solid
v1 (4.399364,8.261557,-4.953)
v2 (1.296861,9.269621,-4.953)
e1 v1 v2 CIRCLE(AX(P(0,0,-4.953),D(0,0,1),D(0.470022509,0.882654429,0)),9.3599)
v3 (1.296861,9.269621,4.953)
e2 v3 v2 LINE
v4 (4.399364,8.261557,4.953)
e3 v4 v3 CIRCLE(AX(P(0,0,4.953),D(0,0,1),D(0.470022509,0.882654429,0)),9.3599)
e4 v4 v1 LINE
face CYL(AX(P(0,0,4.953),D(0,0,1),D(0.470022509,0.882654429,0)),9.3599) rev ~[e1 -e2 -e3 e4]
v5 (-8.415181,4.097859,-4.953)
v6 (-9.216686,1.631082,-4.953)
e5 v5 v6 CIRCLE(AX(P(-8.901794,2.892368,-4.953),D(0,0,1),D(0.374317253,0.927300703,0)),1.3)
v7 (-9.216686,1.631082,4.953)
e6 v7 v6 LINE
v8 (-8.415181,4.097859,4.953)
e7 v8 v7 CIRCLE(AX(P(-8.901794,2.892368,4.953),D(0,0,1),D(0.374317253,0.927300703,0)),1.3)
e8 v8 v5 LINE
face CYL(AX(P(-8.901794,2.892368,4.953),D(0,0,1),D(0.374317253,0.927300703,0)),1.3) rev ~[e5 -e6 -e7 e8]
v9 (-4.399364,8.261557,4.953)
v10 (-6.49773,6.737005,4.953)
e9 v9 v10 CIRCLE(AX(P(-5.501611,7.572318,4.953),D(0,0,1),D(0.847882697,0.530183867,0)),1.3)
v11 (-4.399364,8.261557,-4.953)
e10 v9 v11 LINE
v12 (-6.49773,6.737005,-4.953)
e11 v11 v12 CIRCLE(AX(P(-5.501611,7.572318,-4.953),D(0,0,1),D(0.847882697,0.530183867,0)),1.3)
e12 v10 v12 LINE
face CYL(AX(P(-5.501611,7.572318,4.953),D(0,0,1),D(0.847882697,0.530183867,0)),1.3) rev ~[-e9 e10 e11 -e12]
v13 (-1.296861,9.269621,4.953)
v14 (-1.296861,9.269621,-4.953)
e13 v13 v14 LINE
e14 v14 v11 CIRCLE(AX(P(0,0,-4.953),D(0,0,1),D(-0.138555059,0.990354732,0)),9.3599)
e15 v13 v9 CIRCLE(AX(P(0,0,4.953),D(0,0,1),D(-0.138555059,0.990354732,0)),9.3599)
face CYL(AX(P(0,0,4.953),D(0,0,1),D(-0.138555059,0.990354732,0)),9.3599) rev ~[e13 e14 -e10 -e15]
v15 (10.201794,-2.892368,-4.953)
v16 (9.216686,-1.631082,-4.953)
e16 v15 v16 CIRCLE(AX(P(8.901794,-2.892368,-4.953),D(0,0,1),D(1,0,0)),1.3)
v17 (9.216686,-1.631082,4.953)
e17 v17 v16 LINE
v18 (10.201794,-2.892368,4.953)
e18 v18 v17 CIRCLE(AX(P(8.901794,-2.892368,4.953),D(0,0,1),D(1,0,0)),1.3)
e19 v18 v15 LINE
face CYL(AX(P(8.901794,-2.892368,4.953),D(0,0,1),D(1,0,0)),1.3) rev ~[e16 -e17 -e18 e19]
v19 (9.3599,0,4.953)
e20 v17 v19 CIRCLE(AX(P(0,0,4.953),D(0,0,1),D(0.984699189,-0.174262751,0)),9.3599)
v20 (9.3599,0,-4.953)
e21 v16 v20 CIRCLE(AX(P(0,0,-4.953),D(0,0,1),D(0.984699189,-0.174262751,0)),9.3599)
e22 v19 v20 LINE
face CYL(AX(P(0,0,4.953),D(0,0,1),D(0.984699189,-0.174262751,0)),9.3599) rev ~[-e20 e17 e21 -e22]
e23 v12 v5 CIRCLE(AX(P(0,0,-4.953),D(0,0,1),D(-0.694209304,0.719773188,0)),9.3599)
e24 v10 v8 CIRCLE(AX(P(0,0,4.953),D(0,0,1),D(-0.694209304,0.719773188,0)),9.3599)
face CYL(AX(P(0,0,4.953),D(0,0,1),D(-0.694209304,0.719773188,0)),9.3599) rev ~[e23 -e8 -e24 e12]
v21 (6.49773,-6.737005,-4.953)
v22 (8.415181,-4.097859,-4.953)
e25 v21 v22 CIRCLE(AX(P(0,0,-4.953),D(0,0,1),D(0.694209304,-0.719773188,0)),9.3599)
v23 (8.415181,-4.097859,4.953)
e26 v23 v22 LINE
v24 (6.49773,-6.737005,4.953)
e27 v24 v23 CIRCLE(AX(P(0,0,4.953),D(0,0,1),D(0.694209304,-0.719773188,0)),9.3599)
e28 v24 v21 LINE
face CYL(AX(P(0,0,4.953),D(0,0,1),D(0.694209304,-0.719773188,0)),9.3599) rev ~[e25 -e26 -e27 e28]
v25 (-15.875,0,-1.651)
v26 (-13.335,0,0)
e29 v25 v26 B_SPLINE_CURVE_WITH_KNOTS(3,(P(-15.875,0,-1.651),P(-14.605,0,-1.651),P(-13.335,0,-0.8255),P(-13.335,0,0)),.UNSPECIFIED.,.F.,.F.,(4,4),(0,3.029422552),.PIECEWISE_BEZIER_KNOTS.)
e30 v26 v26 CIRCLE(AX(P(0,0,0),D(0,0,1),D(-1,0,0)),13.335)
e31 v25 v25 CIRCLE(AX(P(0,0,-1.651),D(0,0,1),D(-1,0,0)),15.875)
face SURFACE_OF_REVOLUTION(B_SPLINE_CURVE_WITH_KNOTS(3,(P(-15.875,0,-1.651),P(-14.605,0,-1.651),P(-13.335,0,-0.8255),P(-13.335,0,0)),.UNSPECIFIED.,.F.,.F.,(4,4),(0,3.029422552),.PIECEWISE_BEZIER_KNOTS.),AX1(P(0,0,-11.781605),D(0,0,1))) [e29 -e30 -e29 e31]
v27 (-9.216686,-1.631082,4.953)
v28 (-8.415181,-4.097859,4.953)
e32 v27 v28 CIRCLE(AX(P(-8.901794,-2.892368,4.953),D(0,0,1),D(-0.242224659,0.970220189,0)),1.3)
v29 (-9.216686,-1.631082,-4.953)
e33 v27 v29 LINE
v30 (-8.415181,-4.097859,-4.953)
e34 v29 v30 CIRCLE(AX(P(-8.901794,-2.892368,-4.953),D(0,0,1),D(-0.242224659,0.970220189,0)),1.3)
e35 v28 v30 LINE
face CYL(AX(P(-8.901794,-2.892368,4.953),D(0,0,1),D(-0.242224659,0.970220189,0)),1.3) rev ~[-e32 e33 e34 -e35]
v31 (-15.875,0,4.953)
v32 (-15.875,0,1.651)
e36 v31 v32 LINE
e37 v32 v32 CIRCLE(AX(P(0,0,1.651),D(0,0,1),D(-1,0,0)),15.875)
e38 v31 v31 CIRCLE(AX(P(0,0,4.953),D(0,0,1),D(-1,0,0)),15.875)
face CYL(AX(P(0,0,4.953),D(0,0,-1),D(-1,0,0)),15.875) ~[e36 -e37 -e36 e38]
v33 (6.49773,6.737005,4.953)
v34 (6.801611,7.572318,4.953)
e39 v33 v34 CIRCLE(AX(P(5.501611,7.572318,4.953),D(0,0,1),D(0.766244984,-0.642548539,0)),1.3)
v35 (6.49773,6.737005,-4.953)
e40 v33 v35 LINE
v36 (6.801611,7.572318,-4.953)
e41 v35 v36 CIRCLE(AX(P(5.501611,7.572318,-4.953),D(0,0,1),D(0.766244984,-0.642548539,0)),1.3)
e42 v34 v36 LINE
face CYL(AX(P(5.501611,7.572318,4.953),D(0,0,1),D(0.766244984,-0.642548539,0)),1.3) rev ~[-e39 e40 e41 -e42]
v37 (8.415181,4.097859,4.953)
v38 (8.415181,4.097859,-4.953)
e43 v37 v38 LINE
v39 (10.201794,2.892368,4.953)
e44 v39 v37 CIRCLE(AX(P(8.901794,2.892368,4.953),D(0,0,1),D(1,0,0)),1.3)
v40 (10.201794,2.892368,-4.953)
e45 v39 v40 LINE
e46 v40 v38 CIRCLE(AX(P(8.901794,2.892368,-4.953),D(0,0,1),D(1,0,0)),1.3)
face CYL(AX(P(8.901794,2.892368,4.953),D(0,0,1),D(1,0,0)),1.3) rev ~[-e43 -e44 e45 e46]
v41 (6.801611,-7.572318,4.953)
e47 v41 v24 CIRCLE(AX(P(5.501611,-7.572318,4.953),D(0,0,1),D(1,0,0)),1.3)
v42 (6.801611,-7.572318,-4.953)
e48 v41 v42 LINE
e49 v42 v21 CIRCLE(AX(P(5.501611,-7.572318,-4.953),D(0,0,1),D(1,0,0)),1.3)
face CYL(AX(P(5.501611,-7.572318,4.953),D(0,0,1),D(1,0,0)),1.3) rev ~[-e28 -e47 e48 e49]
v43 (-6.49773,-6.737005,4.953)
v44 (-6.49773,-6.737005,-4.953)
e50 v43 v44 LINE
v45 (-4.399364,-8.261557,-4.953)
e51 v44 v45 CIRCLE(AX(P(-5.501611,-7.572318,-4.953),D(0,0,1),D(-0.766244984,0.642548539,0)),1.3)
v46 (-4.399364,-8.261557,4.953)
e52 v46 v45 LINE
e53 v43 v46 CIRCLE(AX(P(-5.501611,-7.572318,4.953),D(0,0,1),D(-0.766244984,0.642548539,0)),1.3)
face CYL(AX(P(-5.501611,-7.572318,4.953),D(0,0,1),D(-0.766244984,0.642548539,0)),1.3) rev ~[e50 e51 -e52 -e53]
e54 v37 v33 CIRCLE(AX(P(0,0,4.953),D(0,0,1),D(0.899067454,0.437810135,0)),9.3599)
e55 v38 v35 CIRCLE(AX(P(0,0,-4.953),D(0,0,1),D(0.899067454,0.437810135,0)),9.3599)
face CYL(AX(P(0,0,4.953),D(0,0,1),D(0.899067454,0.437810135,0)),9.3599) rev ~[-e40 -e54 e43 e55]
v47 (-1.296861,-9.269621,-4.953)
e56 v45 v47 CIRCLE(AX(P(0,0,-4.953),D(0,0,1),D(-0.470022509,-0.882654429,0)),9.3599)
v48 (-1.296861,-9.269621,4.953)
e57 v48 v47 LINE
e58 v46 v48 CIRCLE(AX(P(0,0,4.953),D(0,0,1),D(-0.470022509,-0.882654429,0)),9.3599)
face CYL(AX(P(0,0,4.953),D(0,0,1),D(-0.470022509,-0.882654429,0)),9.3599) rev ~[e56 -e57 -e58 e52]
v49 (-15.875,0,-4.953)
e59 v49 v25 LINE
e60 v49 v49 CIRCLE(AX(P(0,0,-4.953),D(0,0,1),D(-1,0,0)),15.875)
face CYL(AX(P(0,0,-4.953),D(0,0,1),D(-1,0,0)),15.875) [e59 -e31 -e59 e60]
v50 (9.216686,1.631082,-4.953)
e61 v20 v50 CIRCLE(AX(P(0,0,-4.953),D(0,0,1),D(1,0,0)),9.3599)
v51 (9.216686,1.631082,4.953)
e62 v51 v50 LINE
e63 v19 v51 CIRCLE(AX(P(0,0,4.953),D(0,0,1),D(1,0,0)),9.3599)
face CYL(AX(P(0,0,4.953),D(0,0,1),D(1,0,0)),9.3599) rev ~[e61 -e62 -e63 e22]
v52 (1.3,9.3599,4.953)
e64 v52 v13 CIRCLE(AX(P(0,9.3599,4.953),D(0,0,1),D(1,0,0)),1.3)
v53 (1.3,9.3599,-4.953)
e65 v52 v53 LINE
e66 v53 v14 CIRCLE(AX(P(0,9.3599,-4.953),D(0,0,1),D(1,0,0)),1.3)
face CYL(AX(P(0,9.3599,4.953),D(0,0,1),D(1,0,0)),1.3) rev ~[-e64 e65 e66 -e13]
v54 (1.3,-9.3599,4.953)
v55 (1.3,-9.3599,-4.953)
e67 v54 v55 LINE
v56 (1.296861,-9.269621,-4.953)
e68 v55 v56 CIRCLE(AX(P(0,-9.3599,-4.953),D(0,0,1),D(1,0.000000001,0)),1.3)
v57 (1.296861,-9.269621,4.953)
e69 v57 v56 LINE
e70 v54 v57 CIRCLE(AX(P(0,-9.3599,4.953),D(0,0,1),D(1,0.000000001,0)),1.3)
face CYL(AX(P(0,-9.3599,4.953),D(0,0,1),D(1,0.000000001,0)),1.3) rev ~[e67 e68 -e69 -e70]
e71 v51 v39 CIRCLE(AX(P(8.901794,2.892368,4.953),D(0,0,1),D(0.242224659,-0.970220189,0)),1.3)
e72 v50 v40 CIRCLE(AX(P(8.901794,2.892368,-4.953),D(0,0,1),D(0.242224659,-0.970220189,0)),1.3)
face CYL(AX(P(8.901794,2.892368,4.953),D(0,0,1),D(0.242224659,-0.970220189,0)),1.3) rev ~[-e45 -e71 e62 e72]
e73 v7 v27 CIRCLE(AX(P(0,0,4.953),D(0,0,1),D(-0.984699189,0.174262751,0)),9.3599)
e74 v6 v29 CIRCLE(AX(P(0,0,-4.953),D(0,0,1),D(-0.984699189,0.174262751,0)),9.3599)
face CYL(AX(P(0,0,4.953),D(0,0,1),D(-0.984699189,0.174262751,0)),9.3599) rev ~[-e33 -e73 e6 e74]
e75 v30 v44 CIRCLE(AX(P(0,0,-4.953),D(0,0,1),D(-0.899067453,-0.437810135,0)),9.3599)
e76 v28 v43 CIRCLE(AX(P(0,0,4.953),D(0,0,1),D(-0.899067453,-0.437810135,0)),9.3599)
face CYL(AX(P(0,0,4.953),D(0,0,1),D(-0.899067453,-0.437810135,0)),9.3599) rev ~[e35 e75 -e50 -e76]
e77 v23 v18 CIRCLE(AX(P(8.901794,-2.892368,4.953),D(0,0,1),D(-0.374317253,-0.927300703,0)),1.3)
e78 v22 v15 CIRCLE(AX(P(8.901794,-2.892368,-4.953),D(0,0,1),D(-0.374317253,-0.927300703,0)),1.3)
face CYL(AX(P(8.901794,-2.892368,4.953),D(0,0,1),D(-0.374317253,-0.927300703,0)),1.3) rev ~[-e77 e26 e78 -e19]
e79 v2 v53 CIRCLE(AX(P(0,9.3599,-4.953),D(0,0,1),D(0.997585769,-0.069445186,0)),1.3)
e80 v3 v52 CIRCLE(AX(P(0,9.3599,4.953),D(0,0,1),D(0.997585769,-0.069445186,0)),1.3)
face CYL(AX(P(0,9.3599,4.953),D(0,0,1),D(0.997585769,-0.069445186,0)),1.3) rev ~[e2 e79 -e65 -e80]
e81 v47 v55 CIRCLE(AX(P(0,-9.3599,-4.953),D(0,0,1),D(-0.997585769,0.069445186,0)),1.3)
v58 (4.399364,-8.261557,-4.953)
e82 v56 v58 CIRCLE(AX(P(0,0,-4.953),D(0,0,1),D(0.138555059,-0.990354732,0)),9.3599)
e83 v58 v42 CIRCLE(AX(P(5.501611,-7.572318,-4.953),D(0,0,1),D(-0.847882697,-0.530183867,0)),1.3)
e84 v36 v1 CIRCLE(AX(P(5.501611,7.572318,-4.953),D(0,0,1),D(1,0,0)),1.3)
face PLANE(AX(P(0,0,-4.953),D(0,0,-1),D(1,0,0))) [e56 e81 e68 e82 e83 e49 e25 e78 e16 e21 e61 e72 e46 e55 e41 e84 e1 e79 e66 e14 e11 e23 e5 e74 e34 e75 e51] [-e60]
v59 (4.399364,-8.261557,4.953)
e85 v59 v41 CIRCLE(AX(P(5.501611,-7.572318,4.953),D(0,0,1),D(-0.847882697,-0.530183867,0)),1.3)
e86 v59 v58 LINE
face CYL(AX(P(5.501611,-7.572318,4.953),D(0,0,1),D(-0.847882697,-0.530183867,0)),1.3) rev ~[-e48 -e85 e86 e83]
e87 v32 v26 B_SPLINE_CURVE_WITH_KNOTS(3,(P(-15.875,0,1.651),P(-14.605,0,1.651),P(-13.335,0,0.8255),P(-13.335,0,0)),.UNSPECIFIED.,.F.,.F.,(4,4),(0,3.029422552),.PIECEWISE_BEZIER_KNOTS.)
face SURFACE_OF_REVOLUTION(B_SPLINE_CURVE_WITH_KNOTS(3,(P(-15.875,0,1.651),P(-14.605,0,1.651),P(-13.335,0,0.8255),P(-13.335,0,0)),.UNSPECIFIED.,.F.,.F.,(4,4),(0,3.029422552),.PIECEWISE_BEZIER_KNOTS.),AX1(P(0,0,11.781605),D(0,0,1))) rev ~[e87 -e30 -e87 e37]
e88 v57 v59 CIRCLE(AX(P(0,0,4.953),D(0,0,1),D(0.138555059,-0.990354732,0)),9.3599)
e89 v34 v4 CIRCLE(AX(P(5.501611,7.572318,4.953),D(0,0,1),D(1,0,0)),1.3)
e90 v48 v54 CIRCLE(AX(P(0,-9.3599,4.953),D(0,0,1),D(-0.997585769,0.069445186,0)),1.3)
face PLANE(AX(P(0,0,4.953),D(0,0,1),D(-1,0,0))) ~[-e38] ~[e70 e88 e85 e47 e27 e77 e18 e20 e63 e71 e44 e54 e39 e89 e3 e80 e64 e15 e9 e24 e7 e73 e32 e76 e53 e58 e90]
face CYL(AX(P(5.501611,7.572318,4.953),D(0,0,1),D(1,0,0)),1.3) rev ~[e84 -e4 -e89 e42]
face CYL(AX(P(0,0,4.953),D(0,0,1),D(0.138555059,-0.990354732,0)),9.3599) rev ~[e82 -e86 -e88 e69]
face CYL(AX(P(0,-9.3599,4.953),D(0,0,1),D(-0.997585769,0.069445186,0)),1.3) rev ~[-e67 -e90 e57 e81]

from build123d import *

# Parameters (mm, degrees)
F4_DEPTH = 9.907


with BuildPart() as f1:
    # F0 (on Front) → F1 (revolve)
    with BuildSketch(Plane.XZ):
        Polygon((0, 0), (0, 4.953), (-15.875, 4.953), (-15.875, 1.651), (-13.335, 1.651), (-13.335, 0), align=None)
        with BuildLine():
            Line((-13.335, 1.651), (-15.875, 1.651))
            add(Edge.make_bspline(
                [(-15.875, 1.651), (-14.605, 1.651), (-13.335, 0.8255), (-13.335, 0)],
                knots=[0, 0, 0, 0, 3.0294225522, 3.0294225522, 3.0294225522, 3.0294225522], degree=3))
            Line((-13.335, 0), (-13.335, 1.651))
        make_face()
    revolve(axis=Axis((0, 0, 11.7816049606), (0, 0, 1)))

    # F2: F1 across plane


with BuildPart() as f1_1:
    add(f1.part)
    add(f1.part.mirror(Plane.XY))

    # F3 (on face) → F4 (cut, through all)
    with BuildSketch(Plane.XY.offset(4.953)):
        with BuildLine():
            ThreePointArc((9.2166859434, -1.6310819203), (9.3240277448, -0.8186785842), (9.3599, 0))
            ThreePointArc((9.3599, 0), (9.3240277448, 0.8186785842), (9.2166859434, 1.6310819203))
            ThreePointArc((9.2166859434, 1.6310819203), (7.6654204157, 2.490646073), (8.4151814581, 4.0978590798))
            ThreePointArc((8.4151814581, 4.0978590798), (7.5723181657, 5.5016111829), (6.497729662, 6.7370050653))
            ThreePointArc((6.497729662, 6.7370050653), (4.737490355, 6.520596073), (4.3993636772, 8.2615571925))
            ThreePointArc((4.3993636772, 8.2615571925), (2.8923681657, 8.9017938869), (1.2968614994, 9.2696212577))
            ThreePointArc((1.2968614994, 9.2696212577), (0, 8.0599), (-1.2968614994, 9.2696212577))
            ThreePointArc((-1.2968614994, 9.2696212577), (-2.8923681657, 8.9017938869), (-4.3993636772, 8.2615571925))
            ThreePointArc((-4.3993636772, 8.2615571925), (-4.2520269006, 7.9308416953), (-4.2016111829, 7.5723181657))
            ThreePointArc((-4.2016111829, 7.5723181657), (-5.0571755986, 6.350648402), (-6.497729662, 6.7370050653))
            ThreePointArc((-6.497729662, 6.7370050653), (-7.5723181656, 5.5016111829), (-8.4151814581, 4.0978590798))
            ThreePointArc((-8.4151814581, 4.0978590798), (-7.824158476, 3.6194870839), (-7.6017938869, 2.8923681657))
            ThreePointArc((-7.6017938869, 2.8923681657), (-8.1015938099, 1.8678293246), (-9.2166859434, 1.6310819203))
            ThreePointArc((-9.2166859434, 1.6310819203), (-9.3599, 0), (-9.2166859434, -1.6310819203))
            ThreePointArc((-9.2166859434, -1.6310819203), (-8.1015938099, -1.8678293246), (-7.6017938869, -2.8923681657))
            ThreePointArc((-7.6017938869, -2.8923681657), (-7.824158476, -3.6194870839), (-8.4151814581, -4.0978590798))
            ThreePointArc((-8.4151814581, -4.0978590798), (-7.5723181656, -5.5016111829), (-6.497729662, -6.7370050653))
            ThreePointArc((-6.497729662, -6.7370050653), (-5.0571755986, -6.350648402), (-4.2016111829, -7.5723181657))
            ThreePointArc((-4.2016111829, -7.5723181657), (-4.2520269006, -7.9308416953), (-4.3993636772, -8.2615571925))
            ThreePointArc((-4.3993636772, -8.2615571925), (-2.8923681657, -8.9017938869), (-1.2968614994, -9.2696212577))
            ThreePointArc((-1.2968614994, -9.2696212577), (0, -8.0599), (1.2968614994, -9.2696212577))
            ThreePointArc((1.2968614994, -9.2696212577), (2.8923681657, -8.9017938869), (4.3993636772, -8.2615571925))
            ThreePointArc((4.3993636772, -8.2615571925), (4.737490355, -6.520596073), (6.497729662, -6.7370050653))
            ThreePointArc((6.497729662, -6.7370050653), (7.5723181657, -5.5016111829), (8.4151814581, -4.0978590798))
            ThreePointArc((8.4151814581, -4.0978590798), (7.6654204157, -2.490646073), (9.2166859434, -1.6310819203))
        make_face()
        with BuildLine():
            ThreePointArc((8.4151814581, 4.0978590798), (7.6654204157, 2.490646073), (9.2166859434, 1.6310819203))
            ThreePointArc((9.2166859434, 1.6310819203), (8.9017938869, 2.8923681657), (8.4151814581, 4.0978590798))
        make_face()
        with BuildLine():
            ThreePointArc((8.4151814581, 4.0978590798), (8.9017938869, 2.8923681657), (9.2166859434, 1.6310819203))
            ThreePointArc((9.2166859434, 1.6310819203), (9.9263327279, 2.0921680886), (10.2017938869, 2.8923681657))
            ThreePointArc((10.2017938869, 2.8923681657), (9.6289128051, 3.9700035765), (8.4151814581, 4.0978590798))
        make_face()
        with BuildLine():
            ThreePointArc((10.2017938869, -2.8923681657), (9.9263327279, -2.0921680886), (9.2166859434, -1.6310819203))
            ThreePointArc((9.2166859434, -1.6310819203), (8.9017938869, -2.8923681657), (8.4151814581, -4.0978590798))
            ThreePointArc((8.4151814581, -4.0978590798), (9.6289128051, -3.9700035765), (10.2017938869, -2.8923681657))
        make_face()
        with BuildLine():
            ThreePointArc((8.4151814581, -4.0978590798), (8.9017938869, -2.8923681657), (9.2166859434, -1.6310819203))
            ThreePointArc((9.2166859434, -1.6310819203), (7.6654204157, -2.490646073), (8.4151814581, -4.0978590798))
        make_face()
        with BuildLine():
            ThreePointArc((4.3993636772, 8.2615571925), (4.737490355, 6.520596073), (6.497729662, 6.7370050653))
            ThreePointArc((6.497729662, 6.7370050653), (5.5016111829, 7.5723181657), (4.3993636772, 8.2615571925))
        make_face()
        with BuildLine():
            ThreePointArc((4.3993636772, 8.2615571925), (5.5016111829, 7.5723181657), (6.497729662, 6.7370050653))
            ThreePointArc((6.497729662, 6.7370050653), (6.7232809466, 7.1278825813), (6.8016111829, 7.5723181657))
            ThreePointArc((6.8016111829, 7.5723181657), (5.8601347126, 8.821902448), (4.3993636772, 8.2615571925))
        make_face()
        with BuildLine():
            ThreePointArc((6.8016111829, -7.5723181657), (6.7232809466, -7.1278825813), (6.497729662, -6.7370050653))
            ThreePointArc((6.497729662, -6.7370050653), (5.5016111829, -7.5723181657), (4.3993636772, -8.2615571925))
            ThreePointArc((4.3993636772, -8.2615571925), (5.8601347126, -8.821902448), (6.8016111829, -7.5723181657))
        make_face()
        with BuildLine():
            ThreePointArc((4.3993636772, -8.2615571925), (5.5016111829, -7.5723181657), (6.497729662, -6.7370050653))
            ThreePointArc((6.497729662, -6.7370050653), (4.737490355, -6.520596073), (4.3993636772, -8.2615571925))
        make_face()
        with BuildLine():
            ThreePointArc((-1.2968614994, 9.2696212577), (0, 8.0599), (1.2968614994, 9.2696212577))
            ThreePointArc((1.2968614994, 9.2696212577), (0, 9.3599), (-1.2968614994, 9.2696212577))
        make_face()
        with BuildLine():
            ThreePointArc((-1.2968614994, 9.2696212577), (0, 9.3599), (1.2968614994, 9.2696212577))
            ThreePointArc((1.2968614994, 9.2696212577), (1.2992151379, 9.3147333599), (1.3, 9.3599))
            ThreePointArc((1.3, 9.3599), (-0.0451666401, 10.6591151379), (-1.2968614994, 9.2696212577))
        make_face()
        with BuildLine():
            ThreePointArc((1.3, -9.3599), (1.2992151379, -9.3147333599), (1.2968614994, -9.2696212577))
            ThreePointArc((1.2968614994, -9.2696212577), (0, -9.3599), (-1.2968614994, -9.2696212577))
            ThreePointArc((-1.2968614994, -9.2696212577), (-0.0451666401, -10.6591151379), (1.3, -9.3599))
        make_face()
        with BuildLine():
            ThreePointArc((-1.2968614994, -9.2696212577), (0, -9.3599), (1.2968614994, -9.2696212577))
            ThreePointArc((1.2968614994, -9.2696212577), (0, -8.0599), (-1.2968614994, -9.2696212577))
        make_face()
        with BuildLine():
            ThreePointArc((-4.2016111829, 7.5723181657), (-4.2520269006, 7.9308416953), (-4.3993636772, 8.2615571925))
            ThreePointArc((-4.3993636772, 8.2615571925), (-5.5016111829, 7.5723181657), (-6.497729662, 6.7370050653))
            ThreePointArc((-6.497729662, 6.7370050653), (-5.0571755986, 6.350648402), (-4.2016111829, 7.5723181657))
        make_face()
        with BuildLine():
            ThreePointArc((-6.497729662, 6.7370050653), (-5.5016111829, 7.5723181657), (-4.3993636772, 8.2615571925))
            ThreePointArc((-4.3993636772, 8.2615571925), (-6.2657320109, 8.6240402583), (-6.497729662, 6.7370050653))
        make_face()
        with BuildLine():
            ThreePointArc((-6.497729662, -6.7370050653), (-6.2657320109, -8.6240402583), (-4.3993636772, -8.2615571925))
            ThreePointArc((-4.3993636772, -8.2615571925), (-5.5016111829, -7.5723181657), (-6.497729662, -6.7370050653))
        make_face()
        with BuildLine():
            ThreePointArc((-6.497729662, -6.7370050653), (-5.5016111829, -7.5723181657), (-4.3993636772, -8.2615571925))
            ThreePointArc((-4.3993636772, -8.2615571925), (-4.2520269006, -7.9308416953), (-4.2016111829, -7.5723181657))
            ThreePointArc((-4.2016111829, -7.5723181657), (-5.0571755986, -6.350648402), (-6.497729662, -6.7370050653))
        make_face()
        with BuildLine():
            ThreePointArc((-7.6017938869, 2.8923681657), (-7.824158476, 3.6194870839), (-8.4151814581, 4.0978590798))
            ThreePointArc((-8.4151814581, 4.0978590798), (-8.9017938869, 2.8923681657), (-9.2166859434, 1.6310819203))
            ThreePointArc((-9.2166859434, 1.6310819203), (-8.1015938099, 1.8678293246), (-7.6017938869, 2.8923681657))
        make_face()
        with BuildLine():
            ThreePointArc((-9.2166859434, 1.6310819203), (-8.9017938869, 2.8923681657), (-8.4151814581, 4.0978590798))
            ThreePointArc((-8.4151814581, 4.0978590798), (-10.1381673581, 3.2940902583), (-9.2166859434, 1.6310819203))
        make_face()
        with BuildLine():
            ThreePointArc((-9.2166859434, -1.6310819203), (-10.1381673581, -3.2940902583), (-8.4151814581, -4.0978590798))
            ThreePointArc((-8.4151814581, -4.0978590798), (-8.9017938869, -2.8923681657), (-9.2166859434, -1.6310819203))
        make_face()
        with BuildLine():
            ThreePointArc((-9.2166859434, -1.6310819203), (-8.9017938869, -2.8923681657), (-8.4151814581, -4.0978590798))
            ThreePointArc((-8.4151814581, -4.0978590798), (-7.824158476, -3.6194870839), (-7.6017938869, -2.8923681657))
            ThreePointArc((-7.6017938869, -2.8923681657), (-8.1015938099, -1.8678293246), (-9.2166859434, -1.6310819203))
        make_face()
    extrude(amount=-F4_DEPTH, mode=Mode.SUBTRACT)


solid = f1_1.part
